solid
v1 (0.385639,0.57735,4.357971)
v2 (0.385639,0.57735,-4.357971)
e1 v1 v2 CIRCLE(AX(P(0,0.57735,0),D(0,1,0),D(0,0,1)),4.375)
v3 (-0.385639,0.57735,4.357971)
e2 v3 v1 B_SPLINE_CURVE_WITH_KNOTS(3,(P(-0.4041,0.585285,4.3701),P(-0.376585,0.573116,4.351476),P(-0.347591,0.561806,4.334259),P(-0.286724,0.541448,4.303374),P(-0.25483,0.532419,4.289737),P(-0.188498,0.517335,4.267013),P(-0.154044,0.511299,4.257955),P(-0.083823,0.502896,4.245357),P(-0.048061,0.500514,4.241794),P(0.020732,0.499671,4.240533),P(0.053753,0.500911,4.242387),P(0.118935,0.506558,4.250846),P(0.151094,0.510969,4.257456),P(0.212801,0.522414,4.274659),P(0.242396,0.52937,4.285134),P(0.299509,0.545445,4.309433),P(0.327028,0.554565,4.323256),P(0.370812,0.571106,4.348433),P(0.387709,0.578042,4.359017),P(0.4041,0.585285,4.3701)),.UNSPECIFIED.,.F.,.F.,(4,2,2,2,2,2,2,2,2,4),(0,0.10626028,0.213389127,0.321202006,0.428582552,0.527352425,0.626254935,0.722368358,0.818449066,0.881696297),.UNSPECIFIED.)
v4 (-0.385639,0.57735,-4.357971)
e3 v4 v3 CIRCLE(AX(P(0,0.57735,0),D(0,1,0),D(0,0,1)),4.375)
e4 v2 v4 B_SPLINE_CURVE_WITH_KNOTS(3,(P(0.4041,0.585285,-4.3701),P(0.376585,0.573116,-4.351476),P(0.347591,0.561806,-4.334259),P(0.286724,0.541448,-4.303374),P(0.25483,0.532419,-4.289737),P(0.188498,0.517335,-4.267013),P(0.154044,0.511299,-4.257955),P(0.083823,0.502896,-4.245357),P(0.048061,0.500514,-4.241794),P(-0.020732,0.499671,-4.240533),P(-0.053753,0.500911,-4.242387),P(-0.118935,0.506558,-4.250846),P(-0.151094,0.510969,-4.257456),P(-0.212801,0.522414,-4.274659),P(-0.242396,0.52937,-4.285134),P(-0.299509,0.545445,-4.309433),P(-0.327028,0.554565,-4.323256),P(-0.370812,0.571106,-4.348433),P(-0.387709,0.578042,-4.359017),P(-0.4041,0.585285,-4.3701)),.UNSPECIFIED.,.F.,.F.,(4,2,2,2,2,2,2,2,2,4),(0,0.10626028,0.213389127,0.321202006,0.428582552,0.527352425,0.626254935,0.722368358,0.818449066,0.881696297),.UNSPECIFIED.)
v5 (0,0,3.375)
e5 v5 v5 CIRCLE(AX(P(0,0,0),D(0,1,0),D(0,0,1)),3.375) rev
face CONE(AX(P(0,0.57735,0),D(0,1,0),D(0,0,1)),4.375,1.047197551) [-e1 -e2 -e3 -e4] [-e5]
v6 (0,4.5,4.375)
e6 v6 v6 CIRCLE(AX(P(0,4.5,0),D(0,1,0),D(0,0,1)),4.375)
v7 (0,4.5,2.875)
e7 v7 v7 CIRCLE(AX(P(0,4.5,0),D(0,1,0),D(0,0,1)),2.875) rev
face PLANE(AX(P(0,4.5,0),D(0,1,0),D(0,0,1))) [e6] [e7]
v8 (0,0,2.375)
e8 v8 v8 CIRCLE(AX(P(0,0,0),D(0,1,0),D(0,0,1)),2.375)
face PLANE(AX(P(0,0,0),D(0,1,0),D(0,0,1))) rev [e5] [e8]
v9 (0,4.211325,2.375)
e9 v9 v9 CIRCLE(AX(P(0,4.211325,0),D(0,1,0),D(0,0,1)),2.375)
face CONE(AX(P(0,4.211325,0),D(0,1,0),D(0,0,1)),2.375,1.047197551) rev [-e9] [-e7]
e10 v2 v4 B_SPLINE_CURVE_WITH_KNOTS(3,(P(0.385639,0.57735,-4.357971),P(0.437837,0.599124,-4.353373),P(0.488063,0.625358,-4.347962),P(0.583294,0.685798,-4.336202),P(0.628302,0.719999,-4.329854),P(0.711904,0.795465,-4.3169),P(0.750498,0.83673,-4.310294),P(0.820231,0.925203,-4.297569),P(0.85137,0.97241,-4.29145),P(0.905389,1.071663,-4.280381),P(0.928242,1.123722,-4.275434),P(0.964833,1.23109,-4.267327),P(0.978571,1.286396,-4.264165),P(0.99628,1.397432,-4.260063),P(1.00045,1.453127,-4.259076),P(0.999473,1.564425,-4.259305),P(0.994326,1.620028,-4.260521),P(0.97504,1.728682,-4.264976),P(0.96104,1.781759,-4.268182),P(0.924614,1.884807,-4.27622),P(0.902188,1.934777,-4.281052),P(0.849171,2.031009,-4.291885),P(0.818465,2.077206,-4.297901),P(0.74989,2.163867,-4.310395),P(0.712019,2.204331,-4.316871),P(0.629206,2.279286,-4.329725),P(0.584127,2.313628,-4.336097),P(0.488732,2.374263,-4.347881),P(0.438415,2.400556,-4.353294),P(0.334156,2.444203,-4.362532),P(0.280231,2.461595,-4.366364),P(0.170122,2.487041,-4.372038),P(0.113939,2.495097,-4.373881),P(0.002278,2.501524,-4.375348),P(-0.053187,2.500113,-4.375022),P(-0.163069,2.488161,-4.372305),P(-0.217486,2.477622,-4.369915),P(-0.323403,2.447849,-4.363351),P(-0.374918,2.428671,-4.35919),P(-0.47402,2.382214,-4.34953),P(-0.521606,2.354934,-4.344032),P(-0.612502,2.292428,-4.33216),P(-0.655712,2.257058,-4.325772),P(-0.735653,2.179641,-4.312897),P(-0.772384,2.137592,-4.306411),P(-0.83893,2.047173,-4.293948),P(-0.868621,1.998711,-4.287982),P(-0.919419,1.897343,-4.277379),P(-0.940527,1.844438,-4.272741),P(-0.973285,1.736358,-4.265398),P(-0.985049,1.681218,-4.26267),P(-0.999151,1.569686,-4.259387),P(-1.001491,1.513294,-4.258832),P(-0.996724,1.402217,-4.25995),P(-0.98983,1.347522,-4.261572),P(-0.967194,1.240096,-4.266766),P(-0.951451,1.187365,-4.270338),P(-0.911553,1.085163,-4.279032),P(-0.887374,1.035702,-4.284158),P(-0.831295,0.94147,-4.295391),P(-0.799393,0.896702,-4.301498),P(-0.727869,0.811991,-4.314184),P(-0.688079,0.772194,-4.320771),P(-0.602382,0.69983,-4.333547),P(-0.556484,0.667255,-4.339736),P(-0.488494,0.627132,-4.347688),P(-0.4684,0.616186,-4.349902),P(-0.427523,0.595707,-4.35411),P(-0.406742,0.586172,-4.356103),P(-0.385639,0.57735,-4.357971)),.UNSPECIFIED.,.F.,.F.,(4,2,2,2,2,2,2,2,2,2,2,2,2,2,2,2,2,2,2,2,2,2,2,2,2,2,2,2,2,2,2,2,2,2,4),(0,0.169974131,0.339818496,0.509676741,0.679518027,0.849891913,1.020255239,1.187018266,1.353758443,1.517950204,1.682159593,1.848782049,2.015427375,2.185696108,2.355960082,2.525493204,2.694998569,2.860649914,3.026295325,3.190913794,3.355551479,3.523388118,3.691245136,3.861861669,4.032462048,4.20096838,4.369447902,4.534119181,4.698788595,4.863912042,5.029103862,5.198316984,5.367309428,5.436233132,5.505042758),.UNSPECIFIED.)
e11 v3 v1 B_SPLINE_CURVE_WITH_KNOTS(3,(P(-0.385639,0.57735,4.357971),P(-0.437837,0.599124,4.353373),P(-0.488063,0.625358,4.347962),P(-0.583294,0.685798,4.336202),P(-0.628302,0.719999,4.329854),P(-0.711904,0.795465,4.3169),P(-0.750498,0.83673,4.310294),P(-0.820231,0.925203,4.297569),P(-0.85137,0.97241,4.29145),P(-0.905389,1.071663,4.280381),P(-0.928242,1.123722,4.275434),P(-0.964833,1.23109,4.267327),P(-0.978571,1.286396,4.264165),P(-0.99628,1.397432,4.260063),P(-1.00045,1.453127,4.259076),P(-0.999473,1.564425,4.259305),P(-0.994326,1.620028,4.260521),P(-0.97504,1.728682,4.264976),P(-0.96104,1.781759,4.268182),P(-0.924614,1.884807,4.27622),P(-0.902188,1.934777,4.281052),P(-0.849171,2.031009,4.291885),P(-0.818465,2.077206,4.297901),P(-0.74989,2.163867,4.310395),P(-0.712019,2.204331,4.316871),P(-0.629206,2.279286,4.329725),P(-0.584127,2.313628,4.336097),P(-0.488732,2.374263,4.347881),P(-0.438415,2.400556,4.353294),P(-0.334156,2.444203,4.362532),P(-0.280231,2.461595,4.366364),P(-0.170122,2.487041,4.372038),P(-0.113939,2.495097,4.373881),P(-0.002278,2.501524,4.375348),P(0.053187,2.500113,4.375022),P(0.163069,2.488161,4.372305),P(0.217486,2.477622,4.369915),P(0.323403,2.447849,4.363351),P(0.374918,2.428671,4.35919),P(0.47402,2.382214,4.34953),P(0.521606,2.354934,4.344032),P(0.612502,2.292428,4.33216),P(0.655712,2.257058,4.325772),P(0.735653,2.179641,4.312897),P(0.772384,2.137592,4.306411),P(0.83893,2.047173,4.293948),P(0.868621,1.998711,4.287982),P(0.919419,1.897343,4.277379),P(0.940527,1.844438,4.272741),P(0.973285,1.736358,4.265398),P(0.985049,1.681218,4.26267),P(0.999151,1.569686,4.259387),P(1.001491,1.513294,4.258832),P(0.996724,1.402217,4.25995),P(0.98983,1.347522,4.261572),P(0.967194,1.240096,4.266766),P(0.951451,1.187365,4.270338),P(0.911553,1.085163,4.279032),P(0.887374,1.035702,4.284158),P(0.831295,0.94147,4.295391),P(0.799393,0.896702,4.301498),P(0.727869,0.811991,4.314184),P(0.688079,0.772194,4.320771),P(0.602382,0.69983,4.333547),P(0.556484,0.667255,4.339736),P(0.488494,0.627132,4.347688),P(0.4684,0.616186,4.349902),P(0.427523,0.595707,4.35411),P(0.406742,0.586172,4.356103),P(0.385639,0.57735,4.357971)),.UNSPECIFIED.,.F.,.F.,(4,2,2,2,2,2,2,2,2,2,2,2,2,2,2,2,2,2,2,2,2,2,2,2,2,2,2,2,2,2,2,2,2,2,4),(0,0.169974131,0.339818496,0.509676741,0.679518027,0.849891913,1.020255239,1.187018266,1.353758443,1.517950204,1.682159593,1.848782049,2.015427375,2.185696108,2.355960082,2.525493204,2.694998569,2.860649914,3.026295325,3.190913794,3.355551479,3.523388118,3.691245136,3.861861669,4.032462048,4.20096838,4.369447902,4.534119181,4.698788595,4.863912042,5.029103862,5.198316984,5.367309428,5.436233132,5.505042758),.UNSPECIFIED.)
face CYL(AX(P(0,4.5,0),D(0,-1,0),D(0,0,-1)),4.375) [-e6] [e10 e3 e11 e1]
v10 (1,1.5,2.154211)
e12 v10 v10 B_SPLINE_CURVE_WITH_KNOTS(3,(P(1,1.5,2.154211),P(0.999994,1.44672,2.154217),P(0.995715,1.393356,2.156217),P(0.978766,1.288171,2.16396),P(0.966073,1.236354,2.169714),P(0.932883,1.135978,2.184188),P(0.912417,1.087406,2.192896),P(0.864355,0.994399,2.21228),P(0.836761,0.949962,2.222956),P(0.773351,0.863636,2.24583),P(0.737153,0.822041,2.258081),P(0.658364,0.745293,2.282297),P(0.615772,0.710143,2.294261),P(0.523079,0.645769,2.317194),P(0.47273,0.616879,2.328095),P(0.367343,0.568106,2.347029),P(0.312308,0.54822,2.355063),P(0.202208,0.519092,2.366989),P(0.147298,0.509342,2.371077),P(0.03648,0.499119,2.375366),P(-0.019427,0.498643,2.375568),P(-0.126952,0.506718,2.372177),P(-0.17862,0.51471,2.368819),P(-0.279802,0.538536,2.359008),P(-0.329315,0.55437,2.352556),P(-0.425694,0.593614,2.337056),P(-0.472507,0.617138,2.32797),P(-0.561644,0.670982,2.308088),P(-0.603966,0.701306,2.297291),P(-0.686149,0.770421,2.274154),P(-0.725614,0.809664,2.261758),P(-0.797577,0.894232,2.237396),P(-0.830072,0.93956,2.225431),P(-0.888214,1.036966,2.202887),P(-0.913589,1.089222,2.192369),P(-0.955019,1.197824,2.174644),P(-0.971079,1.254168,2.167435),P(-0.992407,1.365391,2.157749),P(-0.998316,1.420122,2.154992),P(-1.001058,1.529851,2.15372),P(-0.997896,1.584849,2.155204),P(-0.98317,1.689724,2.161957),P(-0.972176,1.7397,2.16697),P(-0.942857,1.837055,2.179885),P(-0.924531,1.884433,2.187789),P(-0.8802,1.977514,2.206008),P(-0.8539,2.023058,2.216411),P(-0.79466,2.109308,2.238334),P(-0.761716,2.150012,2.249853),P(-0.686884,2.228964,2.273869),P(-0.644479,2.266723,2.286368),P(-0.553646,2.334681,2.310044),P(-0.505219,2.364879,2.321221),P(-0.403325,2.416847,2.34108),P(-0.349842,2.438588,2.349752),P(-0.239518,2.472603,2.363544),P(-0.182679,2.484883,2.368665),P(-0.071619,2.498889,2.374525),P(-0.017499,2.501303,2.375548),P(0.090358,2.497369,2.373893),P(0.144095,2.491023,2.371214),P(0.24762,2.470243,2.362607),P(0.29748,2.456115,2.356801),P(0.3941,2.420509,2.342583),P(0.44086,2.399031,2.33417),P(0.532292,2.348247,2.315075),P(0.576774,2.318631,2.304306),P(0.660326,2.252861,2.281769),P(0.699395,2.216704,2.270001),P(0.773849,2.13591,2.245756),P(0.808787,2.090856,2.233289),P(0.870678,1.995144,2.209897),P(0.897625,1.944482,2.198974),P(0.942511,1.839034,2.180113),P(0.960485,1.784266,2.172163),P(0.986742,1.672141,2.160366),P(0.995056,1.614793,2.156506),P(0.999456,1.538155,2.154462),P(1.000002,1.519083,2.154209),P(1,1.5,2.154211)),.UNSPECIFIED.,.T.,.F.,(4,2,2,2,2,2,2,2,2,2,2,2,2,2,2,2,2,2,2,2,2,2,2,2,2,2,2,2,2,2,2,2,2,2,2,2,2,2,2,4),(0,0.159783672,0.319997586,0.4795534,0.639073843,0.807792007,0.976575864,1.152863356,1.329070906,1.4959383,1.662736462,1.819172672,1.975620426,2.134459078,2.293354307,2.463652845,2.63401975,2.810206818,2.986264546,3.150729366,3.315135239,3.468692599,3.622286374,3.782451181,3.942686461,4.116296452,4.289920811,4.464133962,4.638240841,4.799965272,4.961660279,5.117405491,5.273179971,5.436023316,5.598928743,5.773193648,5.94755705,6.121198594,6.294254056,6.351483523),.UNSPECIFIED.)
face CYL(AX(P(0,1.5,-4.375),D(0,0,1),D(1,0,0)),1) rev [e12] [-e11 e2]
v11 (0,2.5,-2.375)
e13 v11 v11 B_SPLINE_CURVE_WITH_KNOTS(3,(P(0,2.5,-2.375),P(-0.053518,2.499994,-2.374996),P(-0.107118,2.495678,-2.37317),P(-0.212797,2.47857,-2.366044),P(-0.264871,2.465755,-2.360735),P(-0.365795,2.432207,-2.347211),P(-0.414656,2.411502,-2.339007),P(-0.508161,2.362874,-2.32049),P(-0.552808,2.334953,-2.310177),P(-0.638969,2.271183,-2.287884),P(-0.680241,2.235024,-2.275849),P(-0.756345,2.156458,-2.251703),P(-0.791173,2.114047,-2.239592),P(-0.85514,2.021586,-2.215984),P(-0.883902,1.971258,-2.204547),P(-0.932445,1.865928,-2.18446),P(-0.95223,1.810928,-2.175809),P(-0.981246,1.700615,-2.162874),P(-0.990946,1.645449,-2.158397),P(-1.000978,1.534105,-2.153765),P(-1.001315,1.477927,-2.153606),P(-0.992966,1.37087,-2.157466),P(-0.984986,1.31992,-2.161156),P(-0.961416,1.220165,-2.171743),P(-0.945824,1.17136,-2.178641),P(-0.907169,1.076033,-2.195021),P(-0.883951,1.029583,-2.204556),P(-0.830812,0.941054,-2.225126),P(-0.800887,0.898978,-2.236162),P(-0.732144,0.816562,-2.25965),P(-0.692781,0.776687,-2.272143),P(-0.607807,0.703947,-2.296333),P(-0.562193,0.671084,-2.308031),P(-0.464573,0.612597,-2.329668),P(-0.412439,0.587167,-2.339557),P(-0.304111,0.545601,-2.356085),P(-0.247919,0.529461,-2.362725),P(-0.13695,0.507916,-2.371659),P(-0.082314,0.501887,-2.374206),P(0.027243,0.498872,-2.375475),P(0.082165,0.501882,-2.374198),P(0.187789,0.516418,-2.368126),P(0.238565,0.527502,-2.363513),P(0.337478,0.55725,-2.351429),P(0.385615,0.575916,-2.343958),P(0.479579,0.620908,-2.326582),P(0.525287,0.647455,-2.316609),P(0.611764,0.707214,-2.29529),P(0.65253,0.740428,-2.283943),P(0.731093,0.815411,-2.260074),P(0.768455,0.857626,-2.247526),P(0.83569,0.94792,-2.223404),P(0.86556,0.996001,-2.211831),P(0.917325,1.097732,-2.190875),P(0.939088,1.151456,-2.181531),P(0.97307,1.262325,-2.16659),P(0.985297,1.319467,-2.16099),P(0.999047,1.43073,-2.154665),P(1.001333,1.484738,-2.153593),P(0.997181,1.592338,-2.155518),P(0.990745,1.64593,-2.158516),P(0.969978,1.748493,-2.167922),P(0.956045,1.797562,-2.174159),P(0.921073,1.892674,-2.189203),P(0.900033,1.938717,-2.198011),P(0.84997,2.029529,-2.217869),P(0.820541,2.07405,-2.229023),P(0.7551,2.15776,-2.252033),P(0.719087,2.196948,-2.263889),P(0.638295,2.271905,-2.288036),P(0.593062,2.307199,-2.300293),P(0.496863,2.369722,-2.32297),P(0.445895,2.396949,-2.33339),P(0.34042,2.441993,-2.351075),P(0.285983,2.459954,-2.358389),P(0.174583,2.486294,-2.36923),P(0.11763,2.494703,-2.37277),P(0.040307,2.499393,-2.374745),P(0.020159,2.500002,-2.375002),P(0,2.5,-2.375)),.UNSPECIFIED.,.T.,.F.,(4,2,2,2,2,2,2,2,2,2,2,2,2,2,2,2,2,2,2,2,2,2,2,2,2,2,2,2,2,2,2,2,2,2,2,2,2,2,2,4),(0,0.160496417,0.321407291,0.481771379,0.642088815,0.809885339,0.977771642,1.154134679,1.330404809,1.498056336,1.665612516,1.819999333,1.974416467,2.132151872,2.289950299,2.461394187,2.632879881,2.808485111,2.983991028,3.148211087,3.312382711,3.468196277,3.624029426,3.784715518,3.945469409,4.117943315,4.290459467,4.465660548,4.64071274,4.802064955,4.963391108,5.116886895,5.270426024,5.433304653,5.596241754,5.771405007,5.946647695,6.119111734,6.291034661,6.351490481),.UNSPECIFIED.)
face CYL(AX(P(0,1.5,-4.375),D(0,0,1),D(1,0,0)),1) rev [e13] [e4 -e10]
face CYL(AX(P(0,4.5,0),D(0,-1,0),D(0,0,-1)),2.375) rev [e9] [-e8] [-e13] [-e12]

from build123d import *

# Parameters (mm, degrees)
SKETCH1_R               = 4.375
SKETCH1_R_2             = 2.375
BOSS_EXTRUDE1_DEPTH     = 4.5
CHAMFER1_SIZE           = 0.5
CHAMFER1_SIZE2          = 0.288675135
CHAMFER2_SIZE           = 1
CHAMFER2_SIZE2          = 0.577350269
CUT_EXTRUDE1_DEPTH      = 8.650571874
CUT_EXTRUDE1_DEPTH_BACK = 8.650571874
SKETCH2_R               = 1


with BuildPart() as part:
    # Sketch1 → Boss-Extrude1 (new body)
    with BuildSketch(Plane(origin=(0, 0, 0), x_dir=(1, 0, 0), z_dir=(0, 1, 0))):
        with Locations(Location((0, 0, 0), (0, 0, 270))):
            Circle(SKETCH1_R)
        with Locations(Location((0, 0, 0), (0, 0, 270))):
            Circle(SKETCH1_R_2, mode=Mode.SUBTRACT)
    extrude(amount=BOSS_EXTRUDE1_DEPTH)

    # Chamfer1
    chamfer1_edges = [part.edges().sort_by_distance(p)[0] for p in [
        (0, 4.5, -2.375),
    ]]
    chamfer1_side = [part.faces().sort_by_distance(p)[0] for p in [
        (0, 4.5, -4.251256313),
    ]]
    chamfer(chamfer1_edges, length=CHAMFER1_SIZE, length2=CHAMFER1_SIZE2, reference=chamfer1_side[0])

    # Chamfer2
    chamfer2_edges = [part.edges().sort_by_distance(p)[0] for p in [
        (0, 0, -4.375),
    ]]
    chamfer2_side = [part.faces().sort_by_distance(p)[0] for p in [
        (0, 0, -4.251256313),
    ]]
    chamfer(chamfer2_edges, length=CHAMFER2_SIZE, length2=CHAMFER2_SIZE2, reference=chamfer2_side[0])

    # Sketch2 → Cut-Extrude1 (cut, two sides: drawn at the far end of the back side and taken through both)
    with BuildSketch(Plane.XY.offset(-CUT_EXTRUDE1_DEPTH_BACK)):
        with Locations(Location((0, 1.5, 0), (0, 0, 292.683630924))):
            Circle(SKETCH2_R)
    extrude(amount=CUT_EXTRUDE1_DEPTH + CUT_EXTRUDE1_DEPTH_BACK, mode=Mode.SUBTRACT)


solid = part.part
